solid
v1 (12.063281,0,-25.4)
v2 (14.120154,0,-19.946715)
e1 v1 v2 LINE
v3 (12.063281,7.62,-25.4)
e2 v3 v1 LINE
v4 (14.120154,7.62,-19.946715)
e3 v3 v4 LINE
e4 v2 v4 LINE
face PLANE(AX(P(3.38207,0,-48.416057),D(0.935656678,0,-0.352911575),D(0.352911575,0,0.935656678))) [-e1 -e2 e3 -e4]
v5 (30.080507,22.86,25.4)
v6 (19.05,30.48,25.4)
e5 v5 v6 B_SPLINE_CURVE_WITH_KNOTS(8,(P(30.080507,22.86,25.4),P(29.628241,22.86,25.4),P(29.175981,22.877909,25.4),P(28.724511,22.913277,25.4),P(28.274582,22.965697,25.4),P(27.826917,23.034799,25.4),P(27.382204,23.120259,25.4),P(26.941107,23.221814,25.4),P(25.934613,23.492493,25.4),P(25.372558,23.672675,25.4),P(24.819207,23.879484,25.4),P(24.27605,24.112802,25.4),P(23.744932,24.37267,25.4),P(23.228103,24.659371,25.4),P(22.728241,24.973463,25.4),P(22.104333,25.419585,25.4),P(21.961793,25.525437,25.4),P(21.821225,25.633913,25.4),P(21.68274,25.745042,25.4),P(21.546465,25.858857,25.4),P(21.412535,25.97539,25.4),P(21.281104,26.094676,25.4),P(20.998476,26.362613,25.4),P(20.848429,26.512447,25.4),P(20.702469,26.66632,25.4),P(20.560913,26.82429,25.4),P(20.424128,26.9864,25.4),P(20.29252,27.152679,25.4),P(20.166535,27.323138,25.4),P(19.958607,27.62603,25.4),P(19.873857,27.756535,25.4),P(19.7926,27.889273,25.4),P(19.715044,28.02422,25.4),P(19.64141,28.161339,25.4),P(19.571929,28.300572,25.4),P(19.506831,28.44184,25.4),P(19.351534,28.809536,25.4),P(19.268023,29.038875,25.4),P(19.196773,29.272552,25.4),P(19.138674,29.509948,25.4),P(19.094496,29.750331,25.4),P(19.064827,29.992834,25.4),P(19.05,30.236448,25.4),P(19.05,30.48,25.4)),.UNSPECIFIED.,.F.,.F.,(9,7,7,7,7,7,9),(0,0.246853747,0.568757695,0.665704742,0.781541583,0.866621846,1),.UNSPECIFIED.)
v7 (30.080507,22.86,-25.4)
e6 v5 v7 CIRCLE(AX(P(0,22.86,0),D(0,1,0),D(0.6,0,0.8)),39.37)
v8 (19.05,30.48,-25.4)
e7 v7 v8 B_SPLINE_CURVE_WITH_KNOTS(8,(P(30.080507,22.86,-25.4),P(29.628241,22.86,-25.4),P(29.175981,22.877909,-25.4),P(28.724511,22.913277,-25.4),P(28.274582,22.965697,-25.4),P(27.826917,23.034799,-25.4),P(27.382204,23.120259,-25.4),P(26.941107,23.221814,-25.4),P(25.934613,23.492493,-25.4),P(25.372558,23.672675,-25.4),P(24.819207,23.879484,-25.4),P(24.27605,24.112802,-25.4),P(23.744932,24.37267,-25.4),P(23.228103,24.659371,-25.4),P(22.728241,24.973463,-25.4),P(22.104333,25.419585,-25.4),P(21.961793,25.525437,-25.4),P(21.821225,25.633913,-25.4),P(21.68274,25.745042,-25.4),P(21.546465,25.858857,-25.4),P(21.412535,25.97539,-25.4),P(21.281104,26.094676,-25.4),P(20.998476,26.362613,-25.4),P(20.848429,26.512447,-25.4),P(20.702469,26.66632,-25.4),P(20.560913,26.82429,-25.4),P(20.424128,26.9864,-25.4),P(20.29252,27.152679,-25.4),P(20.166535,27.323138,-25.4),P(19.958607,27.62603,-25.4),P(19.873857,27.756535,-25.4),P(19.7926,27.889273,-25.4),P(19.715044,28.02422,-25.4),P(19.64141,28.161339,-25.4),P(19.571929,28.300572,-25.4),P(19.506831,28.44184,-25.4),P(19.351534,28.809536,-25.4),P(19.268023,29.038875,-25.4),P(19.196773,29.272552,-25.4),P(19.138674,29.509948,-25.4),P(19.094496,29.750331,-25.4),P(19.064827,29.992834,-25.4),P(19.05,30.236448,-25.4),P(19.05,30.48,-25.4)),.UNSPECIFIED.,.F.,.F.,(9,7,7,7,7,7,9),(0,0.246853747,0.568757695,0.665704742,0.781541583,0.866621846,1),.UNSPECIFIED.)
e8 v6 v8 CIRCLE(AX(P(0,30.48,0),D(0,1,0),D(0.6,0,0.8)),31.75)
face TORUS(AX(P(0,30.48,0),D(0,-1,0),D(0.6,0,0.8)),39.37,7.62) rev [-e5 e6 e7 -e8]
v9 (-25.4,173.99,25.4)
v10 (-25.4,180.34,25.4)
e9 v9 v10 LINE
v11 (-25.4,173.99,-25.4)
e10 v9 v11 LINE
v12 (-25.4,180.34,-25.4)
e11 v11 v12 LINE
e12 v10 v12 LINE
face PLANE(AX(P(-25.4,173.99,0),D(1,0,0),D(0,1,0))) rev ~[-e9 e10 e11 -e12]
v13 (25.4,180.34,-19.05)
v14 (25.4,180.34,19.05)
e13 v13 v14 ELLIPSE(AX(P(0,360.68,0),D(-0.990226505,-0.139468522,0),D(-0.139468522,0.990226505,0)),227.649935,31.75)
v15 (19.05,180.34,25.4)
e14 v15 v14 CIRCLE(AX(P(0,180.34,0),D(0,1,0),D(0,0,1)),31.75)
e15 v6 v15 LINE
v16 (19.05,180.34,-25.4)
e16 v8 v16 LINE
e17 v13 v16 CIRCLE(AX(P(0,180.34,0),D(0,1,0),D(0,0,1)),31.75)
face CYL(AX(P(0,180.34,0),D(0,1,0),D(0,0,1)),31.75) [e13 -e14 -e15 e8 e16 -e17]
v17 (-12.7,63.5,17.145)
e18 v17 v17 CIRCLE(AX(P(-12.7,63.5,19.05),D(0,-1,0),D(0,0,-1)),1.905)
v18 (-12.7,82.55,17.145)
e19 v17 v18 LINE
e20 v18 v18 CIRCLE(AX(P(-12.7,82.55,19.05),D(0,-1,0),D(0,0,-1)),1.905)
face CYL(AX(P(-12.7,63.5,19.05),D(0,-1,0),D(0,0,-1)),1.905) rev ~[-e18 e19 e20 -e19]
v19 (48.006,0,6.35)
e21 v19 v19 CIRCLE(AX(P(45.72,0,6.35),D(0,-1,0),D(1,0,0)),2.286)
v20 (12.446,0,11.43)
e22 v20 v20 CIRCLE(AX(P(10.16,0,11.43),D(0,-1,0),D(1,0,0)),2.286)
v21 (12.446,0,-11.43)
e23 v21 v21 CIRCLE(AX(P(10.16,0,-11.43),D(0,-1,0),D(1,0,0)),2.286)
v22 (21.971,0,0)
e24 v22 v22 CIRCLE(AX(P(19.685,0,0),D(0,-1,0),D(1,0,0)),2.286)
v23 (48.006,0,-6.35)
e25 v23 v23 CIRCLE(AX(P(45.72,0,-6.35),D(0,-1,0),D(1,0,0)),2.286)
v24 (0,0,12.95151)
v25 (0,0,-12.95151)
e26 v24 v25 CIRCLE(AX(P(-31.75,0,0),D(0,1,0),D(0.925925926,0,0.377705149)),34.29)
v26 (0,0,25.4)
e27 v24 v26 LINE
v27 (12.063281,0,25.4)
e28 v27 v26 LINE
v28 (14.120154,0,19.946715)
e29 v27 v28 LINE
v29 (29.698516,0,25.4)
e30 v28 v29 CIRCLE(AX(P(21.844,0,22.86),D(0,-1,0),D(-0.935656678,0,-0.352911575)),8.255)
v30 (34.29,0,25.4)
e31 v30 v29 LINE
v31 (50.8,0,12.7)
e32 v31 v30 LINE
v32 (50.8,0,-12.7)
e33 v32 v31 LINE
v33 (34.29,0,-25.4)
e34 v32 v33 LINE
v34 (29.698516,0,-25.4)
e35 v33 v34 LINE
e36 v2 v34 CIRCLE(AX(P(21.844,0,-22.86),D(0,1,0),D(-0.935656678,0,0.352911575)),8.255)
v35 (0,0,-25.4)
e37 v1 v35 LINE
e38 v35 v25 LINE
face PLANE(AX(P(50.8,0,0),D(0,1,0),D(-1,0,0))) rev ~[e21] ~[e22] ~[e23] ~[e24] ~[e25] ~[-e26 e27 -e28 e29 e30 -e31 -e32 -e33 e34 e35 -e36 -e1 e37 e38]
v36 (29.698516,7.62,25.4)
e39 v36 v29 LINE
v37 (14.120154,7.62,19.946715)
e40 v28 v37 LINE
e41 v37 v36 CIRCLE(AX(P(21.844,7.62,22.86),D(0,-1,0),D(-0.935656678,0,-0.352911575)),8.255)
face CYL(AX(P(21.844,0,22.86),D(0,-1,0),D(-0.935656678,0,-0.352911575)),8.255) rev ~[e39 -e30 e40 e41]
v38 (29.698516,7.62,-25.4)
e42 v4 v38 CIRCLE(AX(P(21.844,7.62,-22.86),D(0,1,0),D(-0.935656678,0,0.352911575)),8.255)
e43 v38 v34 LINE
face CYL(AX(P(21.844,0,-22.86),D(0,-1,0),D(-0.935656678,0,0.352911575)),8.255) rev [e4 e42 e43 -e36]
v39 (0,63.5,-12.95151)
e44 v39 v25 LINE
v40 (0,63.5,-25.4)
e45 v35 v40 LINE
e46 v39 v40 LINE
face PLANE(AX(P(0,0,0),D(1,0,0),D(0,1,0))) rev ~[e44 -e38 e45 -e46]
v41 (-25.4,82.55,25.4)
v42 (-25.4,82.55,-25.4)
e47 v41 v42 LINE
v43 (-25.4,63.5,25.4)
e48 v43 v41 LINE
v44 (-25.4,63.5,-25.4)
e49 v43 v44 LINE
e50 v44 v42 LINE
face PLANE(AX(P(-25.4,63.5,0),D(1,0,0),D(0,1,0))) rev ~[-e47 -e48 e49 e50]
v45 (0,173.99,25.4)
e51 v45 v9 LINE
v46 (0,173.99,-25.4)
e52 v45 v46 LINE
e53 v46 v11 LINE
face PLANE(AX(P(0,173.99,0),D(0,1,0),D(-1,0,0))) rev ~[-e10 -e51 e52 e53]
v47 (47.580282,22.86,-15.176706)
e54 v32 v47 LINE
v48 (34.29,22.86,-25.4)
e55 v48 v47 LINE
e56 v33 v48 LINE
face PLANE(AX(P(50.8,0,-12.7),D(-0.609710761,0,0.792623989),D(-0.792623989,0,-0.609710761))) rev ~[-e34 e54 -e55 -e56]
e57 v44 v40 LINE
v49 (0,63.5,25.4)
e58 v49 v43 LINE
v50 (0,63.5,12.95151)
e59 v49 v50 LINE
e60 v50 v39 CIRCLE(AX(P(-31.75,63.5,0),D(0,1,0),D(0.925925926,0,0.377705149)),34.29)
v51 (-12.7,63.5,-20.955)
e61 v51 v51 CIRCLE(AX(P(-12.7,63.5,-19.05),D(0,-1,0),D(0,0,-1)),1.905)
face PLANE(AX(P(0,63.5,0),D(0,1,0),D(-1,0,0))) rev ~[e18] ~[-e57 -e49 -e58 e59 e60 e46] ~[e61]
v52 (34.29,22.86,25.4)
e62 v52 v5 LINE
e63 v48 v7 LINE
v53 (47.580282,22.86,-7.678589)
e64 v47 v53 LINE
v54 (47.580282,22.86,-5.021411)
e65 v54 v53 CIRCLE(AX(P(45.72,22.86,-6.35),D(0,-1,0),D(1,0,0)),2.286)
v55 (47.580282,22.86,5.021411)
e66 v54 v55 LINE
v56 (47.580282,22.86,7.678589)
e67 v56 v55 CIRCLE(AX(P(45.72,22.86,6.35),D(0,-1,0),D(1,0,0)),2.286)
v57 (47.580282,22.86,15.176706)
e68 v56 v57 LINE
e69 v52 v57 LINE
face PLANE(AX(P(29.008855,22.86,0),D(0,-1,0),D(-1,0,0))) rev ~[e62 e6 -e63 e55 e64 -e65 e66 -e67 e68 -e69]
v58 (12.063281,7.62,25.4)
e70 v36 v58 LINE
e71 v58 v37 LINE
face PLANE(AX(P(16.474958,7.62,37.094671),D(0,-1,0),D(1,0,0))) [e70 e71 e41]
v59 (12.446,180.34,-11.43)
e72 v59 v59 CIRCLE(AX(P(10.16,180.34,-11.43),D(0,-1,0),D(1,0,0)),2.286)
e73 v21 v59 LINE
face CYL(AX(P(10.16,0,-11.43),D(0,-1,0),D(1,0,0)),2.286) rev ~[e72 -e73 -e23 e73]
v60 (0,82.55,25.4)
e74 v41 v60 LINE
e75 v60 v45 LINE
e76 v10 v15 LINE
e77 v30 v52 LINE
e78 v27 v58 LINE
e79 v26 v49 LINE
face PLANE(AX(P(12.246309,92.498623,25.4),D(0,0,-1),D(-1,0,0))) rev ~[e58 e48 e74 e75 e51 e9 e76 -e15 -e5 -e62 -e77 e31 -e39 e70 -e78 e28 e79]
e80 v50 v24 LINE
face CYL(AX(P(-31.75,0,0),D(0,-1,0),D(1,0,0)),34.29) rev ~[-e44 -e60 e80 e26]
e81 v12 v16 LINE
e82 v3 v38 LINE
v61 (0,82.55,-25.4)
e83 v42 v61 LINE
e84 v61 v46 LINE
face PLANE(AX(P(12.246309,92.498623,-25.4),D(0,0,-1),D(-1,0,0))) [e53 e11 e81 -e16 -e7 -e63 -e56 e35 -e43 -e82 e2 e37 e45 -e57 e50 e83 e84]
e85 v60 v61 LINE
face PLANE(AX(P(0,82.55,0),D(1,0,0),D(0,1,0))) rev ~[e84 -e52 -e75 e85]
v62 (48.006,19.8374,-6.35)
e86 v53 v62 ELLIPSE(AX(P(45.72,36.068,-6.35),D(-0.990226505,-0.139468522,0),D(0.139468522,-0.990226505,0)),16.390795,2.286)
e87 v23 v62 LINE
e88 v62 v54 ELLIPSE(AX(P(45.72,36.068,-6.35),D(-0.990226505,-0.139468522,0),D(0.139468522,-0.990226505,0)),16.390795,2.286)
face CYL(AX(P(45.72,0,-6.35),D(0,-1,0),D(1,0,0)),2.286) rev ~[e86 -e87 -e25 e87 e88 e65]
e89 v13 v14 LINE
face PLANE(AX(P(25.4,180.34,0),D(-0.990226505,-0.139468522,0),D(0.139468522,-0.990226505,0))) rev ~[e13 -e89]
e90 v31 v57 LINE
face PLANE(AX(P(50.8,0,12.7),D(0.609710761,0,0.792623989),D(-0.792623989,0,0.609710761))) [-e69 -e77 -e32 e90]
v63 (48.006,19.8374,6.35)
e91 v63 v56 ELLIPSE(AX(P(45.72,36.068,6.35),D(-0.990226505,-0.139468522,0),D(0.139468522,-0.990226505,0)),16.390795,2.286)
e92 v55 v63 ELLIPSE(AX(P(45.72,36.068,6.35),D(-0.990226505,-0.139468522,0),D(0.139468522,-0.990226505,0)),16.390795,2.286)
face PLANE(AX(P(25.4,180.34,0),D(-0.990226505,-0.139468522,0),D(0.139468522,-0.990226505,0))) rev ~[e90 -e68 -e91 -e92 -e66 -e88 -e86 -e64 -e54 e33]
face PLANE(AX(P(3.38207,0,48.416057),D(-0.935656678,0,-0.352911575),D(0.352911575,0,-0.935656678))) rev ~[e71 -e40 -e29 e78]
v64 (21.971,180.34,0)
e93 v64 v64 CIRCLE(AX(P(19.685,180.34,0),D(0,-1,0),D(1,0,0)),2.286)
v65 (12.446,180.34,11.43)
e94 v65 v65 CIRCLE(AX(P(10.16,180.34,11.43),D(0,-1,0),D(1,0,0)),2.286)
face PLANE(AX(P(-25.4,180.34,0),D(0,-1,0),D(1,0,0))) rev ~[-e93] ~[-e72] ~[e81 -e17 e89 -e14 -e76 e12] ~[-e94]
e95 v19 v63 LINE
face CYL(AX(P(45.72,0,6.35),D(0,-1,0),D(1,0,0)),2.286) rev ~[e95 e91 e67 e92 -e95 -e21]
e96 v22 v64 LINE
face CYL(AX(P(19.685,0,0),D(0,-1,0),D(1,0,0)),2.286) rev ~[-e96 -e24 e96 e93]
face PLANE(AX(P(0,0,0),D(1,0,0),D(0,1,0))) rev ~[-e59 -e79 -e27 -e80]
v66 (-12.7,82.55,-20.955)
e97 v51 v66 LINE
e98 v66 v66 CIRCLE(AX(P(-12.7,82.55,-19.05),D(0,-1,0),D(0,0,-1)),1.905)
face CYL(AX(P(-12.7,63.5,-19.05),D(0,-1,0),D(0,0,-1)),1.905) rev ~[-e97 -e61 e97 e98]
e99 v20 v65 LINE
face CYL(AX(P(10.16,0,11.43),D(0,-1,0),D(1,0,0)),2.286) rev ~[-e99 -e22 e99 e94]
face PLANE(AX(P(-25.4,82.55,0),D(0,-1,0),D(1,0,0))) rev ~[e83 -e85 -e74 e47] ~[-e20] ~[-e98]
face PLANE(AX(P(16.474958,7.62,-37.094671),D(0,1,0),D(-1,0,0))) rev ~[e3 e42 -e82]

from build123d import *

# Parameters (mm, degrees)
BOSS_EXTRUDE1_DEPTH = 25.4
SKETCH2_R           = 2.286
CUT_EXTRUDE1_DEPTH  = 190.072249682
SKETCH3_R           = 1.905
CUT_EXTRUDE2_DEPTH  = 20.32
SKETCH4_R           = 34.29
CUT_EXTRUDE3_DEPTH  = 63.5
CUT_EXTRUDE4_DEPTH  = 7.62
CUT_EXTRUDE5_DEPTH  = 190.072249682
CUT_EXTRUDE6_DEPTH  = 157.48
FILLET1_R           = 7.62


with BuildPart() as part:
    # Sketch1 → Boss-Extrude1 (new, symmetric)
    with BuildSketch(Plane.XY):
        Polygon((0, 0), (0, 63.5), (-25.4, 63.5), (-25.4, 82.55), (0, 82.55), (0, 173.99), (-25.4, 173.99), (-25.4, 180.34), (25.4, 180.34), (50.8, 0), align=None)
    extrude(amount=BOSS_EXTRUDE1_DEPTH, both=True)

    # Sketch2 → Cut-Extrude1 (cut, through all)
    with BuildSketch(Plane.XZ):
        with Locations((10.16, -11.43)):
            Circle(SKETCH2_R)
        with Locations((19.685, 0)):
            Circle(SKETCH2_R)
        with Locations((10.16, 11.43)):
            Circle(SKETCH2_R)
        with Locations((45.72, -6.35)):
            Circle(SKETCH2_R)
        with Locations((45.72, 6.35)):
            Circle(SKETCH2_R)
    extrude(amount=-CUT_EXTRUDE1_DEPTH, mode=Mode.SUBTRACT)

    # Sketch3 → Cut-Extrude2 (cut)
    with BuildSketch(Plane.XZ.offset(-63.5)):
        with Locations(Location((-12.7, -19.05, 0), (0, 0, 270))):
            Circle(SKETCH3_R)
        with Locations(Location((-12.7, 19.05, 0), (0, 0, 270))):
            Circle(SKETCH3_R)
    extrude(amount=-CUT_EXTRUDE2_DEPTH, mode=Mode.SUBTRACT)

    # Sketch4 → Cut-Extrude3 (cut)
    with BuildSketch(Plane.XZ):
        with Locations((-31.75, 0)):
            Circle(SKETCH4_R)
    extrude(amount=-CUT_EXTRUDE3_DEPTH, mode=Mode.SUBTRACT)

    # Sketch5 → Cut-Extrude4 (cut)
    with BuildSketch(Plane.XZ):
        with BuildLine():
            Line((29.567845881, -25.773285055), (18.829761526, -54.242627064))
            ThreePointArc((18.829761526, -54.242627064), (8.19263059, -59.053187889), (3.382069764, -48.416056953))
            Line((3.382069764, -48.416056953), (14.120154119, -19.946714945))
            ThreePointArc((14.120154119, -19.946714945), (24.757285055, -15.136154119), (29.567845881, -25.773285055))
        make_face()
        with BuildLine():
            Line((29.567845881, 25.773285055), (18.829761526, 54.242627064))
            ThreePointArc((18.829761526, 54.242627064), (8.19263059, 59.053187889), (3.382069764, 48.416056953))
            Line((3.382069764, 48.416056953), (14.120154119, 19.946714945))
            ThreePointArc((14.120154119, 19.946714945), (24.757285055, 15.136154119), (29.567845881, 25.773285055))
        make_face()
    extrude(amount=-CUT_EXTRUDE4_DEPTH, mode=Mode.SUBTRACT)

    # Sketch6 → Cut-Extrude5 (cut, through all)
    with BuildSketch(Plane.XZ):
        Polygon((50.8, 25.4), (50.8, 12.7), (34.29, 25.4), align=None)
        Polygon((34.29, -25.4), (50.8, -25.4), (50.8, -12.7), align=None)
    extrude(amount=-CUT_EXTRUDE5_DEPTH, mode=Mode.SUBTRACT)

    # Sketch7 → Cut-Extrude6 (cut)
    with BuildSketch(Plane(origin=(0, 180.34, 0), x_dir=(1, 0, 0), z_dir=(0, 1, 0))):
        with BuildLine():
            Line((0, 31.75), (50.8, 31.75))
            Line((50.8, 31.75), (50.8, -31.75))
            Line((50.8, -31.75), (0, -31.75))
            ThreePointArc((0, -31.75), (31.75, 0), (0, 31.75))
        make_face()
    extrude(amount=-CUT_EXTRUDE6_DEPTH, mode=Mode.SUBTRACT)

    # Fillet1
    fillet1_edges = [part.edges().sort_by_distance(p)[0] for p in [
        (31.75, 22.86, 0),
    ]]
    fillet(fillet1_edges, radius=FILLET1_R)


solid = part.part
